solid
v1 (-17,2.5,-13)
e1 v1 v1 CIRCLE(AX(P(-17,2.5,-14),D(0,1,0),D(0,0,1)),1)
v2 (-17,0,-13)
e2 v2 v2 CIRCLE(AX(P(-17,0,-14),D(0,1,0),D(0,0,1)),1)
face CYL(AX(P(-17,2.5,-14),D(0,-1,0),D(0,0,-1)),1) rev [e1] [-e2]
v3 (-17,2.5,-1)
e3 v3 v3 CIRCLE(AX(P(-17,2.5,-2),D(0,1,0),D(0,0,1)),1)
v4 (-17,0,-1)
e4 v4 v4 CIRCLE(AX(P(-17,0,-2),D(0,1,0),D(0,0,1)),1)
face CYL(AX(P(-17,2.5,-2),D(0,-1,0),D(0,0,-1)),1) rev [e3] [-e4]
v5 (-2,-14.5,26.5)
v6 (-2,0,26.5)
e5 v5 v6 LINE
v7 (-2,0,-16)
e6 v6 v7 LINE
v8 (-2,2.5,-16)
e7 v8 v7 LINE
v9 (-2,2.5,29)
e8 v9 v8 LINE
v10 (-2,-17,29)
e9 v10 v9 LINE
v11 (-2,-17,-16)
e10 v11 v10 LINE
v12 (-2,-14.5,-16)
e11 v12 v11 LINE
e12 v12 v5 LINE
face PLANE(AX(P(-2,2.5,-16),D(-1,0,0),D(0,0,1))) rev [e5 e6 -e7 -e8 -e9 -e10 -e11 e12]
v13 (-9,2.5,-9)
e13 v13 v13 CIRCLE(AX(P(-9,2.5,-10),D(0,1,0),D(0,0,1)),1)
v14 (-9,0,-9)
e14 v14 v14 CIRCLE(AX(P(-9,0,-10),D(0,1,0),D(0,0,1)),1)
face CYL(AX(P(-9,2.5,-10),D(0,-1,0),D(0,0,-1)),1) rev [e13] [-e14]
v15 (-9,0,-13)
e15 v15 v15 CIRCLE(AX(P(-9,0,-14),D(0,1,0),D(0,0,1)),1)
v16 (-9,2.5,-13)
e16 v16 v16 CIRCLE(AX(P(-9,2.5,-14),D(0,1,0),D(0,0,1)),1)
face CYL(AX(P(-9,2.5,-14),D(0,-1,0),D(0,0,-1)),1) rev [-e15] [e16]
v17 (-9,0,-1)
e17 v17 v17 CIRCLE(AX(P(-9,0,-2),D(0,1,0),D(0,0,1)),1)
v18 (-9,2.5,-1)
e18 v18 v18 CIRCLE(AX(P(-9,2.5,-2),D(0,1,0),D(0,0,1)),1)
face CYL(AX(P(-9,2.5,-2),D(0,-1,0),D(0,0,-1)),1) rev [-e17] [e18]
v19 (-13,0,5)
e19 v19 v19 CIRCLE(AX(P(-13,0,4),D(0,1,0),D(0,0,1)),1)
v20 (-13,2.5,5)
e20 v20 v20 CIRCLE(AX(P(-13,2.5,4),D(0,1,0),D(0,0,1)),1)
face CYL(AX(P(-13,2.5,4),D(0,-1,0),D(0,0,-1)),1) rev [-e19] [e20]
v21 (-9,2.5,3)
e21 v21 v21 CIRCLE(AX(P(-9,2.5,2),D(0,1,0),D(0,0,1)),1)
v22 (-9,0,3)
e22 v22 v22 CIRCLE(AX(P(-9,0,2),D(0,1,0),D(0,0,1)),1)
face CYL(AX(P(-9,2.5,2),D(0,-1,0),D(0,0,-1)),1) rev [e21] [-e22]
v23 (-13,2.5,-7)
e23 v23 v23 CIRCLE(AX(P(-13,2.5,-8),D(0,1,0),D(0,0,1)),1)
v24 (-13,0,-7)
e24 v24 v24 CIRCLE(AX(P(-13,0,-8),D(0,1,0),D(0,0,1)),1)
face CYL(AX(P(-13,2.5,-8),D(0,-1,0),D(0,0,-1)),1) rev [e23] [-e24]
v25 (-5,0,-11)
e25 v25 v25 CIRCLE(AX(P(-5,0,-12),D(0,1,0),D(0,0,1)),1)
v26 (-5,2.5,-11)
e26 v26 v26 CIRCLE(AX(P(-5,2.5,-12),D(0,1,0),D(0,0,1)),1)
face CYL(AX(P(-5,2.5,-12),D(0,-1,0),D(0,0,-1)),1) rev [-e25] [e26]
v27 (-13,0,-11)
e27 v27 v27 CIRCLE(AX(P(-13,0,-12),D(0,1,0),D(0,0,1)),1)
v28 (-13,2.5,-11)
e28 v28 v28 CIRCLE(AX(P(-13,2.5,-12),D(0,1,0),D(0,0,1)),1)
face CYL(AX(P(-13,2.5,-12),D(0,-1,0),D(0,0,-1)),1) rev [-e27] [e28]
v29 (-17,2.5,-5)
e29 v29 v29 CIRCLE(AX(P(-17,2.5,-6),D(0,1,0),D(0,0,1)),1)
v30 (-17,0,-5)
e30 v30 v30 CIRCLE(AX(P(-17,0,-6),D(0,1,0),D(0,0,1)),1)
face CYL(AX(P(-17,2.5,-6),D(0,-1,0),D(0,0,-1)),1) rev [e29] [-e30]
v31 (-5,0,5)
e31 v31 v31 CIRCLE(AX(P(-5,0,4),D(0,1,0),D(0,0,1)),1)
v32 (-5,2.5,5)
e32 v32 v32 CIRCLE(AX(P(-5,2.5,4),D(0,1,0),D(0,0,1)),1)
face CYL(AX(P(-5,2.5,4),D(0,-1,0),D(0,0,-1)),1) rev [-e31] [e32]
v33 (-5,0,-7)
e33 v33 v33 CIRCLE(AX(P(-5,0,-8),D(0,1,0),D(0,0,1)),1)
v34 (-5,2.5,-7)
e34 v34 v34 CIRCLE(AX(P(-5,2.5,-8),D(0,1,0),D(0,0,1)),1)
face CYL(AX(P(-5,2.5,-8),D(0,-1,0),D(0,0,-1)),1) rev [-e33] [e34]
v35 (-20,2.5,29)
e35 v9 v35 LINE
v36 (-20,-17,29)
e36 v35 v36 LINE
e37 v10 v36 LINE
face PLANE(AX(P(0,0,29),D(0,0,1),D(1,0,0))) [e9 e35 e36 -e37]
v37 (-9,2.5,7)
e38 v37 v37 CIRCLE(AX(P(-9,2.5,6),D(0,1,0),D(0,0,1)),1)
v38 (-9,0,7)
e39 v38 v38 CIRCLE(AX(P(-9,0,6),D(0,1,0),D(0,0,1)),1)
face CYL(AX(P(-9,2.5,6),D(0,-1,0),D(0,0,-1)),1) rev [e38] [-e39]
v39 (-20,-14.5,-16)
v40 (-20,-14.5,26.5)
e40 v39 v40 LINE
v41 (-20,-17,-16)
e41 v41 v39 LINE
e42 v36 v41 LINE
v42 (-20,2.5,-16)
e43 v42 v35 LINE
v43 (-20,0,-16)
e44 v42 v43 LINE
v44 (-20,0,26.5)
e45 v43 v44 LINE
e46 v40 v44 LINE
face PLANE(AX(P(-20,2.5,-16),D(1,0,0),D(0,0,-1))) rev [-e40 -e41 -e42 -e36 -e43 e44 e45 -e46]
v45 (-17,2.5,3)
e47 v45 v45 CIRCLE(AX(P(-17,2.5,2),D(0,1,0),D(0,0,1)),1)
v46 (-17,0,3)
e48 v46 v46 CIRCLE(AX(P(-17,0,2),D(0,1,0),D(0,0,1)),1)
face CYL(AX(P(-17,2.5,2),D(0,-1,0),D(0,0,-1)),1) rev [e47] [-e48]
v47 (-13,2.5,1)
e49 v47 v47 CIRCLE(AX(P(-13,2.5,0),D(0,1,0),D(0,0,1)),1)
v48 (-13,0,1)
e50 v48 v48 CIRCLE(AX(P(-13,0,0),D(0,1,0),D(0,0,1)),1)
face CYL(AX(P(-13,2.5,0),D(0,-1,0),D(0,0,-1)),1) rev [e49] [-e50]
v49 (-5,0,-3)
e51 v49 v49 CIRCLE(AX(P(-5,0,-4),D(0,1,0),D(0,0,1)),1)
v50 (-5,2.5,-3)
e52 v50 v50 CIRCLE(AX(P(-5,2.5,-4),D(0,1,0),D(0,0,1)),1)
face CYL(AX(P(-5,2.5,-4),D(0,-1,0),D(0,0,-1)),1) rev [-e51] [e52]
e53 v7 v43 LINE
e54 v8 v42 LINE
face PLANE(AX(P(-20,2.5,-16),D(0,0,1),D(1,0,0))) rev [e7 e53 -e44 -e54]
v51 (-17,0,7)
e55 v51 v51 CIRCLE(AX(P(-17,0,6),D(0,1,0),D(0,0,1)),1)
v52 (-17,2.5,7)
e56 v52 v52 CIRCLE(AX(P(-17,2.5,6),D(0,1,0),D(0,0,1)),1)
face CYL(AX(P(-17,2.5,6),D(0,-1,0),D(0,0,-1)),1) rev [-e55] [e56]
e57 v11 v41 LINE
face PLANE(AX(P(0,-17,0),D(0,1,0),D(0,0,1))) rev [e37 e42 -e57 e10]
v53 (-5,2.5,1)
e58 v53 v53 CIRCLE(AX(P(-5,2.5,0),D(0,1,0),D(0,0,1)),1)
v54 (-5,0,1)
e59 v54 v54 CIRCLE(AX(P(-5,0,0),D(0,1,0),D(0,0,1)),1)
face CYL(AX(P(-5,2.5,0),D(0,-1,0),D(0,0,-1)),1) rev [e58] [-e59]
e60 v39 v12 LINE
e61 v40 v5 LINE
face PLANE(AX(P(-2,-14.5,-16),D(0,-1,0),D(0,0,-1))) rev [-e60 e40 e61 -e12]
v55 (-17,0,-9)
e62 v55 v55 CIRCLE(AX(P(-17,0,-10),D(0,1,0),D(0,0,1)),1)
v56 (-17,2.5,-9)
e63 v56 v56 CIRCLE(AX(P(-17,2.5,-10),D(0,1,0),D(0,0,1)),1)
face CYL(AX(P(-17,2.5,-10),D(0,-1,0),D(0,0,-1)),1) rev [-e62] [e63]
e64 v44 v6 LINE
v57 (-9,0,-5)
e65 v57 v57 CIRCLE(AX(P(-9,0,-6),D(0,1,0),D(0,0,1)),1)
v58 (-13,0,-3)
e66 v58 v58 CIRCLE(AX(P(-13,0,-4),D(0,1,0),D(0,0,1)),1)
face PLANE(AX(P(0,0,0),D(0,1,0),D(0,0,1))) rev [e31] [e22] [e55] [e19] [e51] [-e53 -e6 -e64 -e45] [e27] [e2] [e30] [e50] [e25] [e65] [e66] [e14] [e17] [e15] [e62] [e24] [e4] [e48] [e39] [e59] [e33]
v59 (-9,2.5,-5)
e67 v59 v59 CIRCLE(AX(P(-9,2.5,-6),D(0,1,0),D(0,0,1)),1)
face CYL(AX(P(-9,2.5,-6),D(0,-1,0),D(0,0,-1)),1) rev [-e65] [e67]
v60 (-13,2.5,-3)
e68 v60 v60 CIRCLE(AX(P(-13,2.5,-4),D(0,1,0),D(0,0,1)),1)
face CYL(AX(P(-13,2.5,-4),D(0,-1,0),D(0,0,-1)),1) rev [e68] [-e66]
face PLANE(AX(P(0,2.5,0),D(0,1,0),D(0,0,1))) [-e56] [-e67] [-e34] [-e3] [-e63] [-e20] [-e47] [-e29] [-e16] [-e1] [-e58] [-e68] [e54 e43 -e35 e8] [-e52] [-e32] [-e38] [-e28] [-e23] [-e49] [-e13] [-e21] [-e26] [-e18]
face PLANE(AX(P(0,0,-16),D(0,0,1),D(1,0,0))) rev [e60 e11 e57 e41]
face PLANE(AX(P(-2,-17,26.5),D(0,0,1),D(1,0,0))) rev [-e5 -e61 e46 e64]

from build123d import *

# Parameters (mm, degrees)
SKETCH2_W           = 18
SKETCH2_H           = 24
SKETCH2_R           = 1
BOSS_EXTRUDE2_DEPTH = 2.5
SKETCH3_W           = 18
SKETCH3_H           = 2.5
BOSS_EXTRUDE3_DEPTH = 21
SKETCH4_W           = 18
SKETCH4_H           = 2.5
BOSS_EXTRUDE4_DEPTH = 17
SKETCH5_W           = 18
SKETCH5_H           = 2.5
BOSS_EXTRUDE5_DEPTH = 42.5


with BuildPart() as part:
    # Sketch2 → Boss-Extrude2 (new body)
    with BuildSketch(Plane(origin=(0, 0, 0), x_dir=(1, 0, 0), z_dir=(0, 1, 0))):
        with Locations((-11, 4)):
            Rectangle(SKETCH2_W, SKETCH2_H)
        with Locations(Location((-17, -6, 0), (0, 0, 270))):
            Circle(SKETCH2_R, mode=Mode.SUBTRACT)
        with Locations(Location((-17, -2, 0), (0, 0, 270))):
            Circle(SKETCH2_R, mode=Mode.SUBTRACT)
        with Locations(Location((-17, 2, 0), (0, 0, 270))):
            Circle(SKETCH2_R, mode=Mode.SUBTRACT)
        with Locations(Location((-17, 6, 0), (0, 0, 270))):
            Circle(SKETCH2_R, mode=Mode.SUBTRACT)
        with Locations(Location((-17, 10, 0), (0, 0, 270))):
            Circle(SKETCH2_R, mode=Mode.SUBTRACT)
        with Locations(Location((-17, 14, 0), (0, 0, 270))):
            Circle(SKETCH2_R, mode=Mode.SUBTRACT)
        with Locations(Location((-13, -4, 0), (0, 0, 270))):
            Circle(SKETCH2_R, mode=Mode.SUBTRACT)
        with Locations(Location((-13, 0, 0), (0, 0, 270))):
            Circle(SKETCH2_R, mode=Mode.SUBTRACT)
        with Locations(Location((-13, 4, 0), (0, 0, 270))):
            Circle(SKETCH2_R, mode=Mode.SUBTRACT)
        with Locations(Location((-13, 8, 0), (0, 0, 270))):
            Circle(SKETCH2_R, mode=Mode.SUBTRACT)
        with Locations(Location((-13, 12, 0), (0, 0, 270))):
            Circle(SKETCH2_R, mode=Mode.SUBTRACT)
        with Locations(Location((-9, -6, 0), (0, 0, 270))):
            Circle(SKETCH2_R, mode=Mode.SUBTRACT)
        with Locations(Location((-9, -2, 0), (0, 0, 270))):
            Circle(SKETCH2_R, mode=Mode.SUBTRACT)
        with Locations(Location((-9, 2, 0), (0, 0, 270))):
            Circle(SKETCH2_R, mode=Mode.SUBTRACT)
        with Locations(Location((-9, 6, 0), (0, 0, 270))):
            Circle(SKETCH2_R, mode=Mode.SUBTRACT)
        with Locations(Location((-9, 10, 0), (0, 0, 270))):
            Circle(SKETCH2_R, mode=Mode.SUBTRACT)
        with Locations(Location((-9, 14, 0), (0, 0, 270))):
            Circle(SKETCH2_R, mode=Mode.SUBTRACT)
        with Locations(Location((-5, -4, 0), (0, 0, 270))):
            Circle(SKETCH2_R, mode=Mode.SUBTRACT)
        with Locations(Location((-5, 0, 0), (0, 0, 270))):
            Circle(SKETCH2_R, mode=Mode.SUBTRACT)
        with Locations(Location((-5, 4, 0), (0, 0, 270))):
            Circle(SKETCH2_R, mode=Mode.SUBTRACT)
        with Locations(Location((-5, 8, 0), (0, 0, 270))):
            Circle(SKETCH2_R, mode=Mode.SUBTRACT)
        with Locations(Location((-5, 12, 0), (0, 0, 270))):
            Circle(SKETCH2_R, mode=Mode.SUBTRACT)
    extrude(amount=BOSS_EXTRUDE2_DEPTH)

    # Sketch3 → Boss-Extrude3 (add)
    with BuildSketch(Plane.XY.offset(8)):
        with Locations((-11, 1.25)):
            Rectangle(SKETCH3_W, SKETCH3_H)
    extrude(amount=BOSS_EXTRUDE3_DEPTH)

    # Sketch4 → Boss-Extrude4 (add)
    with BuildSketch(Plane(origin=(0, 0, 0), x_dir=(-1, 0, 0), z_dir=(0, -1, 0))):
        with Locations((11, -27.75)):
            Rectangle(SKETCH4_W, SKETCH4_H)
    extrude(amount=BOSS_EXTRUDE4_DEPTH)

    # Sketch5 → Boss-Extrude5 (add)
    with BuildSketch(Plane(origin=(0, 0, 26.5), x_dir=(-1, 0, 0), z_dir=(0, 0, -1))):
        with Locations((11, -15.75)):
            Rectangle(SKETCH5_W, SKETCH5_H)
    extrude(amount=BOSS_EXTRUDE5_DEPTH)


solid = part.part
